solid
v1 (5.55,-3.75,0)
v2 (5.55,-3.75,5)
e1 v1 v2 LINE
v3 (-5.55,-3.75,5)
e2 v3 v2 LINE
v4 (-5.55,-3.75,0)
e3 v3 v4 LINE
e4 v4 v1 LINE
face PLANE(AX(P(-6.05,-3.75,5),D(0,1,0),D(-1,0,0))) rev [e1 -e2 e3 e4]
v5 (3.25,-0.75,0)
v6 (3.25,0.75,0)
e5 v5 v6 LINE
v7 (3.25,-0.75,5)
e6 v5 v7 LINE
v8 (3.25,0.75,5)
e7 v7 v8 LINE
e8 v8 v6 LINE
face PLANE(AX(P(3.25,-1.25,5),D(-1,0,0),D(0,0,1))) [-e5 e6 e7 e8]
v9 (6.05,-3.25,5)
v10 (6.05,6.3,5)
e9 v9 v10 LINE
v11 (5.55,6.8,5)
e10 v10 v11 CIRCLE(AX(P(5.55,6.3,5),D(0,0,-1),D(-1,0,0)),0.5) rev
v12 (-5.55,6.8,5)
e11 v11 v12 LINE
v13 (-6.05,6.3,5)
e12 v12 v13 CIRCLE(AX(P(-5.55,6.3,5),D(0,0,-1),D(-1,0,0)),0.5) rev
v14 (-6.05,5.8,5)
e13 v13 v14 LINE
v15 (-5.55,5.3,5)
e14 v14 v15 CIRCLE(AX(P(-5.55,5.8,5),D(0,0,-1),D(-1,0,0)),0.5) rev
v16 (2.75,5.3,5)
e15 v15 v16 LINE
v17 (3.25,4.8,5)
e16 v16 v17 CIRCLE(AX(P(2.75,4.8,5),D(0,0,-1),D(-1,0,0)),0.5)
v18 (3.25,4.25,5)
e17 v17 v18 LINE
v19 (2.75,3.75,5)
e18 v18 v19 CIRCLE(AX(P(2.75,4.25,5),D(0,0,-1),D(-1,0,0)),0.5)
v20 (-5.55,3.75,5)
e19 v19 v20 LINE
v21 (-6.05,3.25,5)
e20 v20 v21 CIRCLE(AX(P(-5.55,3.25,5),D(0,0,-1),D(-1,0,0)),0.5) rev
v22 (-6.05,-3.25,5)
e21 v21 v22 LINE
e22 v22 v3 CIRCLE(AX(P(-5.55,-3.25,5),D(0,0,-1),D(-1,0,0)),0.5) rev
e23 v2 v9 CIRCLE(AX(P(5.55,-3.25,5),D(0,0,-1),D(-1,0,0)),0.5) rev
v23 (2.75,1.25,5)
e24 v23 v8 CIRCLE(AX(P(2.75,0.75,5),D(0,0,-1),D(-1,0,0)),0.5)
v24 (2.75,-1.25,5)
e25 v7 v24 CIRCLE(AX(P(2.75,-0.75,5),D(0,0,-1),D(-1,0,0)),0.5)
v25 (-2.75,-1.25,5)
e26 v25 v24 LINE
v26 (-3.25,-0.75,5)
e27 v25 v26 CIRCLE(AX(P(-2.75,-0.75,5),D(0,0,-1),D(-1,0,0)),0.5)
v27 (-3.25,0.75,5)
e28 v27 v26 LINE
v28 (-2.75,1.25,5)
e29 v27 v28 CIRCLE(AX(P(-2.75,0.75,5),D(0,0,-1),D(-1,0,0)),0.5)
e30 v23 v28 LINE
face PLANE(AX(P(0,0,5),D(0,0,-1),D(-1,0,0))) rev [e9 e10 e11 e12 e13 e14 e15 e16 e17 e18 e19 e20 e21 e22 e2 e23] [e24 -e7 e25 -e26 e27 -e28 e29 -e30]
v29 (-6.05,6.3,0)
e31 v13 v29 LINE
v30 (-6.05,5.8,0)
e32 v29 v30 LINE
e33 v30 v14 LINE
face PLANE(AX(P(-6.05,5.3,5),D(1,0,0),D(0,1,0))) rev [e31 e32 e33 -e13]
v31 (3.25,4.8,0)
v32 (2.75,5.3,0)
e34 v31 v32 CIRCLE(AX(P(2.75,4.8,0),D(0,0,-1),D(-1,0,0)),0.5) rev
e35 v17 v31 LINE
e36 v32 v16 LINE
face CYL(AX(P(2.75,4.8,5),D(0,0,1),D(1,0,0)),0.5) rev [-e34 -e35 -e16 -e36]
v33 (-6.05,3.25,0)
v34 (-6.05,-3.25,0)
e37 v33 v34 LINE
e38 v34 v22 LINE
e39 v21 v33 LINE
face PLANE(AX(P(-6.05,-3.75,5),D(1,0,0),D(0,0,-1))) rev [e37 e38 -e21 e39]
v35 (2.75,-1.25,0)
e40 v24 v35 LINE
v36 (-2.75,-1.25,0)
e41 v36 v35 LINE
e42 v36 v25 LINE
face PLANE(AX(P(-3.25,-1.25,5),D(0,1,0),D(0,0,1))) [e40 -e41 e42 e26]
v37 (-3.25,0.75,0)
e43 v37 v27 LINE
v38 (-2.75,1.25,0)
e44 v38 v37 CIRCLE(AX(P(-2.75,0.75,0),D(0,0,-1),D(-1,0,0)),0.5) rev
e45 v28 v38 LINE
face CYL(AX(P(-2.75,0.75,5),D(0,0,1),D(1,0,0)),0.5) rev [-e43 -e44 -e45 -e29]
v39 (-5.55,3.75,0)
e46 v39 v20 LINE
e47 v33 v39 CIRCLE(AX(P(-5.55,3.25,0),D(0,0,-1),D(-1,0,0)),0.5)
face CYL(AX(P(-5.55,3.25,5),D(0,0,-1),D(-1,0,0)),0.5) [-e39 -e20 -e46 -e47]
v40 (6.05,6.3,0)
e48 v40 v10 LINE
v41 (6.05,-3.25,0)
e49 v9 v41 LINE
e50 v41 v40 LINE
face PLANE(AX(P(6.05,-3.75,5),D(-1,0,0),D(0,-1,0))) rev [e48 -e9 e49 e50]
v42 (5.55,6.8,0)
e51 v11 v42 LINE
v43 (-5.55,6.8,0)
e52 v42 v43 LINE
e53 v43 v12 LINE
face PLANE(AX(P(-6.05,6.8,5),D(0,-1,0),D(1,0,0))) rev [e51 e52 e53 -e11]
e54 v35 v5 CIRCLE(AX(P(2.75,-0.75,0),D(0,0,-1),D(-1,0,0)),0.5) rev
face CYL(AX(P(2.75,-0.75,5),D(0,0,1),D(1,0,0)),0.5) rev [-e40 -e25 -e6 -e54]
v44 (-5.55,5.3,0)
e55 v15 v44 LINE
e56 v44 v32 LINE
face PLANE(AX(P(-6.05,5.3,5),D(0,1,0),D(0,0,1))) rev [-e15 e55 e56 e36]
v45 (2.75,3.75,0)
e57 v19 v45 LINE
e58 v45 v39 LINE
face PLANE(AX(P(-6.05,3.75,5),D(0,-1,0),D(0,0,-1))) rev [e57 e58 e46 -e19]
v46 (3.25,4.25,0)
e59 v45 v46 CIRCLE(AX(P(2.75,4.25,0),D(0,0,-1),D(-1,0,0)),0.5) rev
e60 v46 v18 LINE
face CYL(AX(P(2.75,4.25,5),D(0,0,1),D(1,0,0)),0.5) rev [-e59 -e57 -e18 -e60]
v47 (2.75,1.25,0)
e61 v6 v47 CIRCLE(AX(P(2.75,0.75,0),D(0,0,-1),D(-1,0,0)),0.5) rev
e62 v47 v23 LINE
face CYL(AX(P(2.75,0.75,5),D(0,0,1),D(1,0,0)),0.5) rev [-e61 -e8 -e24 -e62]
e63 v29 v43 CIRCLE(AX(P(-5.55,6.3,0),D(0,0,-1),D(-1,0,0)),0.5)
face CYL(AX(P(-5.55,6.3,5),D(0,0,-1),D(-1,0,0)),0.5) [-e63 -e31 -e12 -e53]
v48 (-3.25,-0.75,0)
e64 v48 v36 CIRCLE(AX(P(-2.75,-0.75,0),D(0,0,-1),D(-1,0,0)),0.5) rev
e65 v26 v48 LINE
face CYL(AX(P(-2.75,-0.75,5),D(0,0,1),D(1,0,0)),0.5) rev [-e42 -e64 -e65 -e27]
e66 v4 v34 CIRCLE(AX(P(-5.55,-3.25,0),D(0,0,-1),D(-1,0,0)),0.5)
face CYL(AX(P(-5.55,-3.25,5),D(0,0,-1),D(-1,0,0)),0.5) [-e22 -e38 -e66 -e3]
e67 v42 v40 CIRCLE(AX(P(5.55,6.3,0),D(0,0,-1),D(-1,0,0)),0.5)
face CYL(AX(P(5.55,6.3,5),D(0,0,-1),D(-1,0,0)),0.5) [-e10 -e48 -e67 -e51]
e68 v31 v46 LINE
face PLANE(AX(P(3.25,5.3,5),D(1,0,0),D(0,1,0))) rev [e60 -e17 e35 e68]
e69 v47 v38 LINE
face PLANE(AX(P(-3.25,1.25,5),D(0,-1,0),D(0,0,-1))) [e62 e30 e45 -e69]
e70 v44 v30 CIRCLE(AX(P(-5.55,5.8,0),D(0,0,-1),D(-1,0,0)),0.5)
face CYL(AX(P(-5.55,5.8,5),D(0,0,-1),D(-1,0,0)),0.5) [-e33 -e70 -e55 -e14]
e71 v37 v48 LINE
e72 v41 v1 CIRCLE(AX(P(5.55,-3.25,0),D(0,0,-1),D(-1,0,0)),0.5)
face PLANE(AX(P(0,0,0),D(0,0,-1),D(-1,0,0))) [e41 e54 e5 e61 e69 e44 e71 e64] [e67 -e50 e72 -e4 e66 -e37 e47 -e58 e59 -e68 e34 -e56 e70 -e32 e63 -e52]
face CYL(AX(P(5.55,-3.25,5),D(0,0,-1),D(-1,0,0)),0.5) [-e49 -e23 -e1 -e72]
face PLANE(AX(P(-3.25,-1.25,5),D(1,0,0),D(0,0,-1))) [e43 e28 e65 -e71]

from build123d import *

# Parameters (mm, degrees)
SKETCH1_W           = 6.5
SKETCH1_H           = 2.5
BOSS_EXTRUDE1_DEPTH = 5
FILLET1_R           = 0.5


with BuildPart() as part:
    # Sketch1 → Boss-Extrude1 (new body)
    with BuildSketch(Plane.XY):
        Polygon((-6.05, -3.75), (6.05, -3.75), (6.05, 6.8), (-6.05, 6.8), (-6.05, 5.3), (3.25, 5.3), (3.25, 3.75), (-6.05, 3.75), align=None)
        Rectangle(SKETCH1_W, SKETCH1_H, mode=Mode.SUBTRACT)
    extrude(amount=BOSS_EXTRUDE1_DEPTH)

    # Fillet1
    fillet1_edges = [part.edges().sort_by_distance(p)[0] for p in [
        (-6.05, 3.75, 2.5),
        (3.25, 3.75, 2.5),
        (3.25, 5.3, 2.5),
        (-6.05, 5.3, 2.5),
        (-6.05, 6.8, 2.5),
        (6.05, 6.8, 2.5),
        (6.05, -3.75, 2.5),
        (-6.05, -3.75, 2.5),
        (-3.25, 1.25, 2.5),
        (-3.25, -1.25, 2.5),
        (3.25, -1.25, 2.5),
        (3.25, 1.25, 2.5),
    ]]
    fillet(fillet1_edges, radius=FILLET1_R)


solid = part.part
